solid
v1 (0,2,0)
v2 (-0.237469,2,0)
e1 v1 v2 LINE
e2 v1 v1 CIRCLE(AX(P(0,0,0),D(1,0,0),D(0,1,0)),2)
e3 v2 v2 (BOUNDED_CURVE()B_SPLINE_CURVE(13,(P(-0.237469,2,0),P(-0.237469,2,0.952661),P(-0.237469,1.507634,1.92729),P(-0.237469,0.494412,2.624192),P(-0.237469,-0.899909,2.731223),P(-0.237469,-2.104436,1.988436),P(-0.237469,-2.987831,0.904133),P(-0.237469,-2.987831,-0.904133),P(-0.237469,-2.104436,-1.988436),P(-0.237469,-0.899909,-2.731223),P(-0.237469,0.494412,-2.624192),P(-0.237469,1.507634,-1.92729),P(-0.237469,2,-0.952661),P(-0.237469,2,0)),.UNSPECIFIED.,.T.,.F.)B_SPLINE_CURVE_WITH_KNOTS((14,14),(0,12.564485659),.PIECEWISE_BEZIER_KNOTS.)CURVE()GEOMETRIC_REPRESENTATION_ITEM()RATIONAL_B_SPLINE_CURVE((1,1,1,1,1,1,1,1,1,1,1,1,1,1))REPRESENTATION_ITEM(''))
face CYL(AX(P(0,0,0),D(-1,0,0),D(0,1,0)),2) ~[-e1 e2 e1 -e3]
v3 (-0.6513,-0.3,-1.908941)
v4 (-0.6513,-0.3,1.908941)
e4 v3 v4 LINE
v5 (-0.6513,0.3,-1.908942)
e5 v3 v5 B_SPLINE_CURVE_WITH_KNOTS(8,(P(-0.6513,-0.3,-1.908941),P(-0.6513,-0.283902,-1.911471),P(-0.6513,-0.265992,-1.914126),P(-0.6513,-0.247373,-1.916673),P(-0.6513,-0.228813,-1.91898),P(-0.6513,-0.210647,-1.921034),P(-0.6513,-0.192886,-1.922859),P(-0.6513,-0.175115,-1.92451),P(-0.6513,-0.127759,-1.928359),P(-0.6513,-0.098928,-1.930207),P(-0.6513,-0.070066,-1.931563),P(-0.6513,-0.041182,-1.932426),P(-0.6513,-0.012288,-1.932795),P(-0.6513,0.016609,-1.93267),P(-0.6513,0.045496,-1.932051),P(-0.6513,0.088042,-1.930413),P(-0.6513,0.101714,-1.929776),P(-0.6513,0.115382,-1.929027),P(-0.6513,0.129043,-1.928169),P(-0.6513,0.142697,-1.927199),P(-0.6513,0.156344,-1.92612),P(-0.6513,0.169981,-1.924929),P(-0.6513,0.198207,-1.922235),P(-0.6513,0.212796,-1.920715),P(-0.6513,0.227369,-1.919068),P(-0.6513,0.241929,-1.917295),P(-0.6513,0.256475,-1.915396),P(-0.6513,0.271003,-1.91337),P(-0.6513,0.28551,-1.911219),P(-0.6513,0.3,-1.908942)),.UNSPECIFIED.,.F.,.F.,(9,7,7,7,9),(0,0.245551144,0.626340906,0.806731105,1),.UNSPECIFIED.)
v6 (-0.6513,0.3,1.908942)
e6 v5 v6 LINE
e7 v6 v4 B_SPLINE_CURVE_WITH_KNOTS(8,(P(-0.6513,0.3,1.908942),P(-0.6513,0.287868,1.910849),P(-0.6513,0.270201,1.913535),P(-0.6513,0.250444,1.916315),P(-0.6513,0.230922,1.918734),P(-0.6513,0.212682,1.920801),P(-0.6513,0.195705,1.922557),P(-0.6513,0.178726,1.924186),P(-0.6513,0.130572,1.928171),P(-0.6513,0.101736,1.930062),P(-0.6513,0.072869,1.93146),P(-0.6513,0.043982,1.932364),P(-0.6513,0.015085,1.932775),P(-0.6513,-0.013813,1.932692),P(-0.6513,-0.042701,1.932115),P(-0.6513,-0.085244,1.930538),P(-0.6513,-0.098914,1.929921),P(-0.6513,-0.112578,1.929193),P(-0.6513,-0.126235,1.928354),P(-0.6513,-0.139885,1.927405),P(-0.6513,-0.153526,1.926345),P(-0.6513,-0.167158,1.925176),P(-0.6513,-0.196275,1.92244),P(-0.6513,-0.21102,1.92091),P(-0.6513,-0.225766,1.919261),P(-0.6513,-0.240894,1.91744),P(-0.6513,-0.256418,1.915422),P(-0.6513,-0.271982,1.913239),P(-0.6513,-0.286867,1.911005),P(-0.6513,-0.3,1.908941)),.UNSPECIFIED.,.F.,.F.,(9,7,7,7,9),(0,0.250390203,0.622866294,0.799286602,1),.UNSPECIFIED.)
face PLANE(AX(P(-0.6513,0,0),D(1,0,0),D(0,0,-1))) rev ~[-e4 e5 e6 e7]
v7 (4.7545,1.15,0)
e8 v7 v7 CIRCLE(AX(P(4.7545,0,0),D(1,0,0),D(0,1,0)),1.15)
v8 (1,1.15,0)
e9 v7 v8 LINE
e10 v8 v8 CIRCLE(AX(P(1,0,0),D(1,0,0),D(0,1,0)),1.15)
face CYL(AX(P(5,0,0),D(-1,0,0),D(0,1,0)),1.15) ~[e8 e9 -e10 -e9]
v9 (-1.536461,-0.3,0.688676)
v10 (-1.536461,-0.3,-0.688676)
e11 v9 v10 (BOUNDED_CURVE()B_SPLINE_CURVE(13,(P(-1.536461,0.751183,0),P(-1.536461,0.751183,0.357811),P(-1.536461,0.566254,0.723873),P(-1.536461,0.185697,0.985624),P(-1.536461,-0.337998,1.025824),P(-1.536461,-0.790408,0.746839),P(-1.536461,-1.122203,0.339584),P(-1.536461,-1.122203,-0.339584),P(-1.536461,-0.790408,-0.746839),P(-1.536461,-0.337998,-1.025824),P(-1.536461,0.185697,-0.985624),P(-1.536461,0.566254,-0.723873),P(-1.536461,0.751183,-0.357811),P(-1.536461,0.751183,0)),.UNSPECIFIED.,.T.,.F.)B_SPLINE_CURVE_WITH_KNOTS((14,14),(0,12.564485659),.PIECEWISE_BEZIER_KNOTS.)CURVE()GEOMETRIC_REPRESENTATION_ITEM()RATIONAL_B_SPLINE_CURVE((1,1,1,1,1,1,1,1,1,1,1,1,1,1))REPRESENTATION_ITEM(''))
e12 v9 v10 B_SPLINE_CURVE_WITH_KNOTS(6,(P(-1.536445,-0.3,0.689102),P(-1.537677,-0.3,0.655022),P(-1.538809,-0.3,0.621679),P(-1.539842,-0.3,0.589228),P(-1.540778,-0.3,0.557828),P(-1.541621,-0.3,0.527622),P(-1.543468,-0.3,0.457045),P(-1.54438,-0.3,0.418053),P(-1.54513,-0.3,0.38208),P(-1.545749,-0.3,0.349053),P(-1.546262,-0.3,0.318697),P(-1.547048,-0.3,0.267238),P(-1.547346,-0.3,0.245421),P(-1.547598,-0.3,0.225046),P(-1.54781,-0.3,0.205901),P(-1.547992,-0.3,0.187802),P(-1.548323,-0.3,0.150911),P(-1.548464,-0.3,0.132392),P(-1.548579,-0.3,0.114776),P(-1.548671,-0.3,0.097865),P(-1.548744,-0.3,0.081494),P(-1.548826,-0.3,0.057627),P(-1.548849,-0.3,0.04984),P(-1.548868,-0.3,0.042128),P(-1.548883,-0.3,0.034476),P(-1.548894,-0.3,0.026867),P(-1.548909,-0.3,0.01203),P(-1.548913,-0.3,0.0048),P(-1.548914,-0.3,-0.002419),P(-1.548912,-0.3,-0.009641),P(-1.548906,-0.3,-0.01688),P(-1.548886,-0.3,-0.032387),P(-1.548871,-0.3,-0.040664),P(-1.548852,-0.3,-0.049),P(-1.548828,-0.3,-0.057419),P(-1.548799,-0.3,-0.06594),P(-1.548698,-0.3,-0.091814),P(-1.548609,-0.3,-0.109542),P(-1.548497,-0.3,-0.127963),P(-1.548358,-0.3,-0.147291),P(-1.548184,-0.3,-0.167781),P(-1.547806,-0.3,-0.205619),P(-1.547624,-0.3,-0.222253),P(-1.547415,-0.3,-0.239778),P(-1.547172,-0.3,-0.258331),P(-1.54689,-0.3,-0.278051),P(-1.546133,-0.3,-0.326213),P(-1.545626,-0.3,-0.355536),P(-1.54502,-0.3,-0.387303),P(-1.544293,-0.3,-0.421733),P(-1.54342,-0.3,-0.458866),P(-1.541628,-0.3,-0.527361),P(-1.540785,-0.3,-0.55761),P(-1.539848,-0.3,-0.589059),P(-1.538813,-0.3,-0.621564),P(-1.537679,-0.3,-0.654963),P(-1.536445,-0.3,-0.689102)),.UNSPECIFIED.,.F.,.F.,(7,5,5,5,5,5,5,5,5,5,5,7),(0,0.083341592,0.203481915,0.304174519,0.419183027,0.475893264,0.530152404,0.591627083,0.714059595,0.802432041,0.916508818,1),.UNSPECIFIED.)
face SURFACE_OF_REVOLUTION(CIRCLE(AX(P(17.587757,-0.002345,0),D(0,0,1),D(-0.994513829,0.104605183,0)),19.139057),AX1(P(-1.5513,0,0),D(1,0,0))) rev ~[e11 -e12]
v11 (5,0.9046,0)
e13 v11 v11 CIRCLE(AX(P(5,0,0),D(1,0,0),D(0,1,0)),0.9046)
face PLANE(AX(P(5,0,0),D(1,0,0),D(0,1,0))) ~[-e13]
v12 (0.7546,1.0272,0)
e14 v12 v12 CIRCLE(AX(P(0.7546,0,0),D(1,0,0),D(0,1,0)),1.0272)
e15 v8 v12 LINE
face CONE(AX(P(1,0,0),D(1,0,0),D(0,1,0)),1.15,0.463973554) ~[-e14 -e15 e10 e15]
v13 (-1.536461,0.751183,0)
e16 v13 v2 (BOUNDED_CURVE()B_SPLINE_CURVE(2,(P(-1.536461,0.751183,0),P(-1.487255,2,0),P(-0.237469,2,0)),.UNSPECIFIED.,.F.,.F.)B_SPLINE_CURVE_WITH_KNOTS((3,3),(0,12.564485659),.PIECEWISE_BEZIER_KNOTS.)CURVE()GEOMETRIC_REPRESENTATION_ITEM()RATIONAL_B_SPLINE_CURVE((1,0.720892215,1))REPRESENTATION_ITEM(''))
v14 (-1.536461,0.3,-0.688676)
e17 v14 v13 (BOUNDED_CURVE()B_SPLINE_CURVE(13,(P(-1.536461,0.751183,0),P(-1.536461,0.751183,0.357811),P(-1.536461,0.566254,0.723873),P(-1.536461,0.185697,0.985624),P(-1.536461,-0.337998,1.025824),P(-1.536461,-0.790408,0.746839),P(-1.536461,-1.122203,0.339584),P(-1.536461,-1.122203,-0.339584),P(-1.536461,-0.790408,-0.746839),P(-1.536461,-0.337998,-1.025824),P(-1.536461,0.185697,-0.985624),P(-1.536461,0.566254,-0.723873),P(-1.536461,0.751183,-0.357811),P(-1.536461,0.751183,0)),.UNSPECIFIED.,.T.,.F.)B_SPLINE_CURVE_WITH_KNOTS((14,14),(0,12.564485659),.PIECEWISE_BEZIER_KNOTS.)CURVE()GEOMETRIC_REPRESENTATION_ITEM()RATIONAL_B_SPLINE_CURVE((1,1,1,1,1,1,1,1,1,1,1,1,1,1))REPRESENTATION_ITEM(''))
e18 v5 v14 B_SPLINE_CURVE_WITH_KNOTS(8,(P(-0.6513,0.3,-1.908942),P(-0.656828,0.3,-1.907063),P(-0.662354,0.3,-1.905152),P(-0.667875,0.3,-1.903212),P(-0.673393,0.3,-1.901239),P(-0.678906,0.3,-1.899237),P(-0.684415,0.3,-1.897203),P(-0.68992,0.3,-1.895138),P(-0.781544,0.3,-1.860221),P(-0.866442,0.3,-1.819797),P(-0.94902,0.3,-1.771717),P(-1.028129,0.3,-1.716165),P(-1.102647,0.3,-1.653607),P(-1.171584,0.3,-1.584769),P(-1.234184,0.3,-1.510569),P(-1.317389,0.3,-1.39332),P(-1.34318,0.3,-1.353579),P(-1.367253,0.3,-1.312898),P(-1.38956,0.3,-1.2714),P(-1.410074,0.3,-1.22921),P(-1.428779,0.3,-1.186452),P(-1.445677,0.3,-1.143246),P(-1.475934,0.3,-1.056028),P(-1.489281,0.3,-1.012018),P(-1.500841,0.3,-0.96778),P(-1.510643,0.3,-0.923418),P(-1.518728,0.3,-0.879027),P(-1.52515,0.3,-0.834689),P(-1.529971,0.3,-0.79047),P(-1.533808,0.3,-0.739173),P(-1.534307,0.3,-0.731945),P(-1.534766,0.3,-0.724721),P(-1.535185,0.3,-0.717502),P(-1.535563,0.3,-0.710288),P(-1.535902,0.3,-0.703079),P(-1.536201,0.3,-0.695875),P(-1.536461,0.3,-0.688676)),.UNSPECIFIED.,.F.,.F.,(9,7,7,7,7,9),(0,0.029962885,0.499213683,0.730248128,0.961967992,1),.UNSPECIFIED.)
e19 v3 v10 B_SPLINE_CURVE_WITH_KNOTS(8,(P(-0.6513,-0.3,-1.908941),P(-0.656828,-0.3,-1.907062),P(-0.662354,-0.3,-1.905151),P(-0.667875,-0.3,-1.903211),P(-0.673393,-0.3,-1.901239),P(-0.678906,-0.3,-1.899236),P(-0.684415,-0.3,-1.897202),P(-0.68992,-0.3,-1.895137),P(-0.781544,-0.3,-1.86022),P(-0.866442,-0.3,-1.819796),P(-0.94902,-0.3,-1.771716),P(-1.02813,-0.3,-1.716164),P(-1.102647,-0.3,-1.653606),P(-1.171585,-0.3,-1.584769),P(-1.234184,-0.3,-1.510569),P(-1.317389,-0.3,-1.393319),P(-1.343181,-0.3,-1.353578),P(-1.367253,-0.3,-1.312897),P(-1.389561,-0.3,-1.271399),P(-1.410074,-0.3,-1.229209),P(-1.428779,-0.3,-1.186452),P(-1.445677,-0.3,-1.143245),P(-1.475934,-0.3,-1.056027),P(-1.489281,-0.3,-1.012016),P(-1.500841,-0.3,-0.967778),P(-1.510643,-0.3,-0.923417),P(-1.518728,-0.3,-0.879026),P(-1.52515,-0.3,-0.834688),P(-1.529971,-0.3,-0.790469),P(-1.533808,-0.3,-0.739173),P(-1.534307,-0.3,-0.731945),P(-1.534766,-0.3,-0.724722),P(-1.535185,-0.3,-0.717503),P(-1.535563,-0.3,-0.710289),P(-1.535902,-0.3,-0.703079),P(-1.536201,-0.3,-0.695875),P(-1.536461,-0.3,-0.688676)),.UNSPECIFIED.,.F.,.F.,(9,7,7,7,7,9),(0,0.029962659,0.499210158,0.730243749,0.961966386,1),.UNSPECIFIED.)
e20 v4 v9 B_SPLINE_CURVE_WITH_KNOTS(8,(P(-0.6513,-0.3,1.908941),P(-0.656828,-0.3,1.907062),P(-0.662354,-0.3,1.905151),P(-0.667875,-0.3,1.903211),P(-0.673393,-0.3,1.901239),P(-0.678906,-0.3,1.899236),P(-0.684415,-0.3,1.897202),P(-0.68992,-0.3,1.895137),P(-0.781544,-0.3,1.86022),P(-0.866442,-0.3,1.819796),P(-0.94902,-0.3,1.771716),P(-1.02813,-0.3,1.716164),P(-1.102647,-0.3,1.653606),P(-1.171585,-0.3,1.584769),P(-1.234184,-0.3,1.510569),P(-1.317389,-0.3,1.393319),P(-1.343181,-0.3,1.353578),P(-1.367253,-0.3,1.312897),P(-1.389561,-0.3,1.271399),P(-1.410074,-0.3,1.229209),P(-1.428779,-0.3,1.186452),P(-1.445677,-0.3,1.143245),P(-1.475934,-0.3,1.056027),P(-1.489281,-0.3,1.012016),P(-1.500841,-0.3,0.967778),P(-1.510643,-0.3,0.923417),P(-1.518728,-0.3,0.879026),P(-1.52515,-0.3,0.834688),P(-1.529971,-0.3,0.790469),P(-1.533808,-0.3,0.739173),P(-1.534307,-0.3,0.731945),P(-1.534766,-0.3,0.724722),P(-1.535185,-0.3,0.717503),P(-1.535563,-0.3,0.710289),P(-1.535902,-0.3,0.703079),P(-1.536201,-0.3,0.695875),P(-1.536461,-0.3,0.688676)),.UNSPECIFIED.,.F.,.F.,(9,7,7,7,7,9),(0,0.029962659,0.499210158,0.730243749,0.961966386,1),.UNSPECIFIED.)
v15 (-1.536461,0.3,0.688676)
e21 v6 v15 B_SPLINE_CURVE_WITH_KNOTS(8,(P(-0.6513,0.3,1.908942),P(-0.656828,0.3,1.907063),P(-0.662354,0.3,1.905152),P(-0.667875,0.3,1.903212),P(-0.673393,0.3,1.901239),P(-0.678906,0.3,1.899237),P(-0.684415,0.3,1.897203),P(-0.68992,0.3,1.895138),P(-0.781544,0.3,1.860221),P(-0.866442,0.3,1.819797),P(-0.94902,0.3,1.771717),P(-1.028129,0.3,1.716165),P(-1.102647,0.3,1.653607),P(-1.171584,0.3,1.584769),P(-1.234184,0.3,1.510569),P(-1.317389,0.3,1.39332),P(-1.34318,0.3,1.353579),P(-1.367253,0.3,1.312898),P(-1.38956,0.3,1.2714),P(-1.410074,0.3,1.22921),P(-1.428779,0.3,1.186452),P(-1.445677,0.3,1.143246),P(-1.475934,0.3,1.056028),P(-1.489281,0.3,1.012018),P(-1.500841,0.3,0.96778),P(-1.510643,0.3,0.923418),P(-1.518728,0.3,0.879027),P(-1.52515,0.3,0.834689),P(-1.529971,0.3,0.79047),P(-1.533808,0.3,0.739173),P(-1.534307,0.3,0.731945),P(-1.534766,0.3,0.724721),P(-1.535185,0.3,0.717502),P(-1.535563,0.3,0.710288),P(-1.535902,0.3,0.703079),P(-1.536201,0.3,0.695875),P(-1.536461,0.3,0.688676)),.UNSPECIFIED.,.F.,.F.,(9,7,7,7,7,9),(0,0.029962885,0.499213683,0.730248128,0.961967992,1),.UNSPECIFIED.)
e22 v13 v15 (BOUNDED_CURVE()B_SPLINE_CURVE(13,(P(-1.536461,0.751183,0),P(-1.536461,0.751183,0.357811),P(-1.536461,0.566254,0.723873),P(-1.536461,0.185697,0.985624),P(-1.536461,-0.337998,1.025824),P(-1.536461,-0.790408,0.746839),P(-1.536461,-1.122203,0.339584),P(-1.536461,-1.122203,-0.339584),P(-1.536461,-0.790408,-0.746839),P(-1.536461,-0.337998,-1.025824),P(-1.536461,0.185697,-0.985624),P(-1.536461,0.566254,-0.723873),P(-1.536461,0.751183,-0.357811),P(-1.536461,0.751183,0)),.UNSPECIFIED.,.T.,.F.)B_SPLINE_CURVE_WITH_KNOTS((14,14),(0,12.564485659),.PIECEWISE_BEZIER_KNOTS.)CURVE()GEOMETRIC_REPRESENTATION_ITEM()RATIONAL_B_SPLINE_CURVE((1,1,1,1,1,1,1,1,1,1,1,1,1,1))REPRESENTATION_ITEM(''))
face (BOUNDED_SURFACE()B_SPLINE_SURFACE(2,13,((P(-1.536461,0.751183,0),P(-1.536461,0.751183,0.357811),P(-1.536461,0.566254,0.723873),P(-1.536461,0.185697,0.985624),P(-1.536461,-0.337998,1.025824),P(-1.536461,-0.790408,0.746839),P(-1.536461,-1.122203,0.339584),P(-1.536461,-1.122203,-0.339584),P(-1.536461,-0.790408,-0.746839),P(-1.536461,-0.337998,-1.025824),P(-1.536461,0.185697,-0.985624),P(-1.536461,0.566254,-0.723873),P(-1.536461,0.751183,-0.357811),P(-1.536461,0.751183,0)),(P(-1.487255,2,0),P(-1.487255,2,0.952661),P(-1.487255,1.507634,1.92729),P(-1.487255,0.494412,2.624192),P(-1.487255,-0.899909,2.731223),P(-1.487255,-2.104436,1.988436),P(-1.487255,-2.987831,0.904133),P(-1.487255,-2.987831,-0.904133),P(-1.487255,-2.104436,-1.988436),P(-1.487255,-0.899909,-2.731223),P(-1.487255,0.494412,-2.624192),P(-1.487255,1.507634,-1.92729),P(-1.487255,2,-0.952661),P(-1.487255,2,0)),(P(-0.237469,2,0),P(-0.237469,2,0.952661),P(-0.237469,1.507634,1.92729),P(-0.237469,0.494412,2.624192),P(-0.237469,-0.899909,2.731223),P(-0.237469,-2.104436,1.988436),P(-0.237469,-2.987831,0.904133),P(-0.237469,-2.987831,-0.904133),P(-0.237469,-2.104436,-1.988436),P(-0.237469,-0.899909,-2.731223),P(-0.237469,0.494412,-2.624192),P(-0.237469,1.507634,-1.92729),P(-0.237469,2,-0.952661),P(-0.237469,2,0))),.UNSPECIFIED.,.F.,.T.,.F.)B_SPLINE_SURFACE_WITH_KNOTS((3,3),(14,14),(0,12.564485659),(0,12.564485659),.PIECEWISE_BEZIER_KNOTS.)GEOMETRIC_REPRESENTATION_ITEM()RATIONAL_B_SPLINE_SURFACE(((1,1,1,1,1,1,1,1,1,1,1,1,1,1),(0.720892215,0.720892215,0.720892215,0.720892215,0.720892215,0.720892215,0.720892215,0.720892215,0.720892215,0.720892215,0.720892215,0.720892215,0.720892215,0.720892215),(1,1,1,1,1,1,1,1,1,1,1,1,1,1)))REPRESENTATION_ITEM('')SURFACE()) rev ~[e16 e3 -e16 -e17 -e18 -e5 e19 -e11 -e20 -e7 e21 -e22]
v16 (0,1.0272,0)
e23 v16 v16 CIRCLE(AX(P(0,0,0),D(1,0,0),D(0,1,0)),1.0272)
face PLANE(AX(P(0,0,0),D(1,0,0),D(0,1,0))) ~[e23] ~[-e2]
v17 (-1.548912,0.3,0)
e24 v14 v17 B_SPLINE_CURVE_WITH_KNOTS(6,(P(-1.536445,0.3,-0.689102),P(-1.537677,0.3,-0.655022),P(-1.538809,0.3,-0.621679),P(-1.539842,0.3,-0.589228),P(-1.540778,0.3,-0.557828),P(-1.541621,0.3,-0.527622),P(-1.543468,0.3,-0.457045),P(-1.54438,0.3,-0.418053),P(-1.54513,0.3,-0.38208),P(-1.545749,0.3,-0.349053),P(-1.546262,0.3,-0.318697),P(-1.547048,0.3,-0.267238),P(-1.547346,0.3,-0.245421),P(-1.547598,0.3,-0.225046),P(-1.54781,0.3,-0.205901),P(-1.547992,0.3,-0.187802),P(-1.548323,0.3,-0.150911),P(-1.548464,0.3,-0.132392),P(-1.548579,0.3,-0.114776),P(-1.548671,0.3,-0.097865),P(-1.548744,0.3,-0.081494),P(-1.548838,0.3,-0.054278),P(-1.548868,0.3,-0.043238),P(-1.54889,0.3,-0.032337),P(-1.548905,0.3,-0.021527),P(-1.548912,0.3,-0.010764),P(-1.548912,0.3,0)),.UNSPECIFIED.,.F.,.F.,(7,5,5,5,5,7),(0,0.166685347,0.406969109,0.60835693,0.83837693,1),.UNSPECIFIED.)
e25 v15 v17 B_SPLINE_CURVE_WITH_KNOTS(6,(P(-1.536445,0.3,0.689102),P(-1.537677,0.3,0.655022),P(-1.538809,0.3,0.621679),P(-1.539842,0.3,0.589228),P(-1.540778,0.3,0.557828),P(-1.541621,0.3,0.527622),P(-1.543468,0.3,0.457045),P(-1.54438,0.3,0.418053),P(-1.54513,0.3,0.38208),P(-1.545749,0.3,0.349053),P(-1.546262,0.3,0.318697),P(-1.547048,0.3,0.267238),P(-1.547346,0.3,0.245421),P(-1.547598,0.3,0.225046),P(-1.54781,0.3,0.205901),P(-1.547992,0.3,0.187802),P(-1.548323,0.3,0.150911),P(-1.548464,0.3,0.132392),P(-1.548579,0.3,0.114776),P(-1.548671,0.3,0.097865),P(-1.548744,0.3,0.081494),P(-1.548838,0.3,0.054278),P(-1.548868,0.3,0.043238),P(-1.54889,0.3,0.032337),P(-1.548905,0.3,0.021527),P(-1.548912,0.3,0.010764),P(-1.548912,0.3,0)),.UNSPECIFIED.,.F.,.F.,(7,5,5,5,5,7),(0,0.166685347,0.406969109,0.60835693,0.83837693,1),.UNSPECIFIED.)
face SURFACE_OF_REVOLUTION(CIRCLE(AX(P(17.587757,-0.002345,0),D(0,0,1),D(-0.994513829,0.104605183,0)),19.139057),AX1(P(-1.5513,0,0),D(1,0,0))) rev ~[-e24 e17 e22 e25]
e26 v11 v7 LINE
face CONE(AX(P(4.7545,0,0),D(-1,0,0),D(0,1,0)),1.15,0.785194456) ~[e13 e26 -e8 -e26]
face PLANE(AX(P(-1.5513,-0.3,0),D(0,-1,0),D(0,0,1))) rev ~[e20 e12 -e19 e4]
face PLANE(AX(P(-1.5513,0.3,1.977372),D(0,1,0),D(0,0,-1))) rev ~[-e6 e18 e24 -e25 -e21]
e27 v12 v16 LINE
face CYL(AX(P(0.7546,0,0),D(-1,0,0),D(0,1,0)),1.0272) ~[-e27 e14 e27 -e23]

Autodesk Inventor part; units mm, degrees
ref_plane "YZ Plane" through (0, 0, 0) normal (1, 0, 0) x (0, 1, 0)
sketch "Sketch1" plane through (0, 0, 0) normal (0, 0, 1) x (1, 0, 0)
  line L0 (-1.5513, 0) -> (5, 0)
  line L1 (5, 0) -> (5, 1.15)
  line L2 (5, 1.15) -> (1, 1.15)
  line L3 (1, 1.15) -> (0.7546, 1.0272)
  line L4 (0.7546, 1.0272) -> (0, 1.0272)
  line L5 (0, 1.0272) -> (0, 2)
  line L6 (-5.4046, 0) -> (21.3851, 0) projected
  line L7 (0, -0.4002) -> (0, 2.4013) projected
  line L8 (0, 2) -> (-1.4463, 1.9997)
  arc A0 (-1.4463, 1.9997) -> (-1.5513, 0) centre (17.558, 0) ccw
  dimension "d0" = 5
  dimension "d1" = 4
  dimension "d2" = 0.2454
  dimension "d3" = 1.5513
  dimension "d4" = 2.3
  dimension "d5" = 2.0545
  dimension "d9" = 4
  dimension "d10" = 0.01
  dimension "d15" = 19.1093
revolve "Body" add sketch "Sketch1" angle 360 about axis through (-1.5513, 0, 0) along (1, 0, 0)
fillet "Fillet1" radius 1.3 1 edges at (-1.4463, -1.9997, 0)
ref_plane "IDS_WORKPLANE{1}" through (-1.5513, 0, 0) normal (1, 0, 0) x (0, 0, -1)
sketch "Sketch2" plane through (-1.5513, 0, 0) normal (1, 0, 0) x (0, 0, -1)
  line L0 (0, -2.8) -> (0, 2.8) projected
  line L1 (2.8, 0) -> (-2.8, 0) projected
  line L2 (-2, 0.3) -> (2, 0.3)
  line L3 (2, 0.3) -> (2, -0.3)
  line L4 (2, -0.3) -> (-2, -0.3)
  line L5 (-2, -0.3) -> (-2, 0.3)
  line L6 (0, 0.3) -> (0, -0.3) construction
  line L7 (-2, 0) -> (2, 0) construction
  circle A0 centre (0, 0) radius 2 projected
  dimension "d17" = 0.6
extrude "Slot" cut sketch "Sketch2" along normal blind 0.9 contours L4 A0 L1 L0 | L0 L1 A0 L4 | L4 L5 A0 | A0 L3 L4 | L1 A0 L2 L0 | L0 L2 A0 L1 | L5 L2 A0 | A0 L2 L3
thread "Thread" size "M2.3x0.4" class "6g" standard "ISO Metric profile" length 4
chamfer "Chamfer1" distance 0.2454 distance2 0.2455 1 edges at (5, -1.15, 0) measured on face at (5, 0.3197, -0.0157)
ref_plane "Work Plane2" through (8.25, 0, 0) normal (0, 0, -1) x (1, 0, 0)
equation "\"d0\" = NLG"
equation "\"d1\" = GEL"
equation "\"d2\" = GAL"
equation "\"d3\" = KOH"
equation "\"d4\" = GD"
equation "\"d5\" = BDM"
equation "\"d9\" = KOD"
equation "\"d10\" = KEWI"
equation "\"d17\" = SBR"
equation "\"d18\" = STI"
equation "\"d20\" = RR"
equation "\"d11\" = GEL"
equation "\"d13\" = -0.5 * SPD + 0.5 * GD"
equation "\"GD\" = NND"
equation "\"NLG\" = 5"
equation "\"GEL\" = 4"
equation "\"KOD\" = 4"
equation "\"KOH\" = 1.55125"
equation "\"GAL\" = 0.61345 * PTC"
equation "\"SPD\" = NND - 1.2269 * PTC"
equation "\"BDM\" = 2.0545"
equation "\"GUL\" = 0.61345 * PTC"
equation "\"RR\" = 1.3"
equation "\"SBR\" = 0.6"
equation "\"STI\" = 0.9"
equation "\"KEWI\" = 0.01deg"
equation "\"KR\" = 2.4"
equation "\"d16\" = -KOH"
equation "\"PTC\" = 0.4"
equation "\"THREADDIA\" = 2.3"
equation "\"TOA\" = 30deg"
equation "\"NND\" = 2.3"
equation "\"ORI\" = 1.3"
equation "\"GD1\" = THREADDIA - 1.2269 * PTC"
properties part number "CNS 9671 - M2.3 x 5" material "Steel, Mild"
